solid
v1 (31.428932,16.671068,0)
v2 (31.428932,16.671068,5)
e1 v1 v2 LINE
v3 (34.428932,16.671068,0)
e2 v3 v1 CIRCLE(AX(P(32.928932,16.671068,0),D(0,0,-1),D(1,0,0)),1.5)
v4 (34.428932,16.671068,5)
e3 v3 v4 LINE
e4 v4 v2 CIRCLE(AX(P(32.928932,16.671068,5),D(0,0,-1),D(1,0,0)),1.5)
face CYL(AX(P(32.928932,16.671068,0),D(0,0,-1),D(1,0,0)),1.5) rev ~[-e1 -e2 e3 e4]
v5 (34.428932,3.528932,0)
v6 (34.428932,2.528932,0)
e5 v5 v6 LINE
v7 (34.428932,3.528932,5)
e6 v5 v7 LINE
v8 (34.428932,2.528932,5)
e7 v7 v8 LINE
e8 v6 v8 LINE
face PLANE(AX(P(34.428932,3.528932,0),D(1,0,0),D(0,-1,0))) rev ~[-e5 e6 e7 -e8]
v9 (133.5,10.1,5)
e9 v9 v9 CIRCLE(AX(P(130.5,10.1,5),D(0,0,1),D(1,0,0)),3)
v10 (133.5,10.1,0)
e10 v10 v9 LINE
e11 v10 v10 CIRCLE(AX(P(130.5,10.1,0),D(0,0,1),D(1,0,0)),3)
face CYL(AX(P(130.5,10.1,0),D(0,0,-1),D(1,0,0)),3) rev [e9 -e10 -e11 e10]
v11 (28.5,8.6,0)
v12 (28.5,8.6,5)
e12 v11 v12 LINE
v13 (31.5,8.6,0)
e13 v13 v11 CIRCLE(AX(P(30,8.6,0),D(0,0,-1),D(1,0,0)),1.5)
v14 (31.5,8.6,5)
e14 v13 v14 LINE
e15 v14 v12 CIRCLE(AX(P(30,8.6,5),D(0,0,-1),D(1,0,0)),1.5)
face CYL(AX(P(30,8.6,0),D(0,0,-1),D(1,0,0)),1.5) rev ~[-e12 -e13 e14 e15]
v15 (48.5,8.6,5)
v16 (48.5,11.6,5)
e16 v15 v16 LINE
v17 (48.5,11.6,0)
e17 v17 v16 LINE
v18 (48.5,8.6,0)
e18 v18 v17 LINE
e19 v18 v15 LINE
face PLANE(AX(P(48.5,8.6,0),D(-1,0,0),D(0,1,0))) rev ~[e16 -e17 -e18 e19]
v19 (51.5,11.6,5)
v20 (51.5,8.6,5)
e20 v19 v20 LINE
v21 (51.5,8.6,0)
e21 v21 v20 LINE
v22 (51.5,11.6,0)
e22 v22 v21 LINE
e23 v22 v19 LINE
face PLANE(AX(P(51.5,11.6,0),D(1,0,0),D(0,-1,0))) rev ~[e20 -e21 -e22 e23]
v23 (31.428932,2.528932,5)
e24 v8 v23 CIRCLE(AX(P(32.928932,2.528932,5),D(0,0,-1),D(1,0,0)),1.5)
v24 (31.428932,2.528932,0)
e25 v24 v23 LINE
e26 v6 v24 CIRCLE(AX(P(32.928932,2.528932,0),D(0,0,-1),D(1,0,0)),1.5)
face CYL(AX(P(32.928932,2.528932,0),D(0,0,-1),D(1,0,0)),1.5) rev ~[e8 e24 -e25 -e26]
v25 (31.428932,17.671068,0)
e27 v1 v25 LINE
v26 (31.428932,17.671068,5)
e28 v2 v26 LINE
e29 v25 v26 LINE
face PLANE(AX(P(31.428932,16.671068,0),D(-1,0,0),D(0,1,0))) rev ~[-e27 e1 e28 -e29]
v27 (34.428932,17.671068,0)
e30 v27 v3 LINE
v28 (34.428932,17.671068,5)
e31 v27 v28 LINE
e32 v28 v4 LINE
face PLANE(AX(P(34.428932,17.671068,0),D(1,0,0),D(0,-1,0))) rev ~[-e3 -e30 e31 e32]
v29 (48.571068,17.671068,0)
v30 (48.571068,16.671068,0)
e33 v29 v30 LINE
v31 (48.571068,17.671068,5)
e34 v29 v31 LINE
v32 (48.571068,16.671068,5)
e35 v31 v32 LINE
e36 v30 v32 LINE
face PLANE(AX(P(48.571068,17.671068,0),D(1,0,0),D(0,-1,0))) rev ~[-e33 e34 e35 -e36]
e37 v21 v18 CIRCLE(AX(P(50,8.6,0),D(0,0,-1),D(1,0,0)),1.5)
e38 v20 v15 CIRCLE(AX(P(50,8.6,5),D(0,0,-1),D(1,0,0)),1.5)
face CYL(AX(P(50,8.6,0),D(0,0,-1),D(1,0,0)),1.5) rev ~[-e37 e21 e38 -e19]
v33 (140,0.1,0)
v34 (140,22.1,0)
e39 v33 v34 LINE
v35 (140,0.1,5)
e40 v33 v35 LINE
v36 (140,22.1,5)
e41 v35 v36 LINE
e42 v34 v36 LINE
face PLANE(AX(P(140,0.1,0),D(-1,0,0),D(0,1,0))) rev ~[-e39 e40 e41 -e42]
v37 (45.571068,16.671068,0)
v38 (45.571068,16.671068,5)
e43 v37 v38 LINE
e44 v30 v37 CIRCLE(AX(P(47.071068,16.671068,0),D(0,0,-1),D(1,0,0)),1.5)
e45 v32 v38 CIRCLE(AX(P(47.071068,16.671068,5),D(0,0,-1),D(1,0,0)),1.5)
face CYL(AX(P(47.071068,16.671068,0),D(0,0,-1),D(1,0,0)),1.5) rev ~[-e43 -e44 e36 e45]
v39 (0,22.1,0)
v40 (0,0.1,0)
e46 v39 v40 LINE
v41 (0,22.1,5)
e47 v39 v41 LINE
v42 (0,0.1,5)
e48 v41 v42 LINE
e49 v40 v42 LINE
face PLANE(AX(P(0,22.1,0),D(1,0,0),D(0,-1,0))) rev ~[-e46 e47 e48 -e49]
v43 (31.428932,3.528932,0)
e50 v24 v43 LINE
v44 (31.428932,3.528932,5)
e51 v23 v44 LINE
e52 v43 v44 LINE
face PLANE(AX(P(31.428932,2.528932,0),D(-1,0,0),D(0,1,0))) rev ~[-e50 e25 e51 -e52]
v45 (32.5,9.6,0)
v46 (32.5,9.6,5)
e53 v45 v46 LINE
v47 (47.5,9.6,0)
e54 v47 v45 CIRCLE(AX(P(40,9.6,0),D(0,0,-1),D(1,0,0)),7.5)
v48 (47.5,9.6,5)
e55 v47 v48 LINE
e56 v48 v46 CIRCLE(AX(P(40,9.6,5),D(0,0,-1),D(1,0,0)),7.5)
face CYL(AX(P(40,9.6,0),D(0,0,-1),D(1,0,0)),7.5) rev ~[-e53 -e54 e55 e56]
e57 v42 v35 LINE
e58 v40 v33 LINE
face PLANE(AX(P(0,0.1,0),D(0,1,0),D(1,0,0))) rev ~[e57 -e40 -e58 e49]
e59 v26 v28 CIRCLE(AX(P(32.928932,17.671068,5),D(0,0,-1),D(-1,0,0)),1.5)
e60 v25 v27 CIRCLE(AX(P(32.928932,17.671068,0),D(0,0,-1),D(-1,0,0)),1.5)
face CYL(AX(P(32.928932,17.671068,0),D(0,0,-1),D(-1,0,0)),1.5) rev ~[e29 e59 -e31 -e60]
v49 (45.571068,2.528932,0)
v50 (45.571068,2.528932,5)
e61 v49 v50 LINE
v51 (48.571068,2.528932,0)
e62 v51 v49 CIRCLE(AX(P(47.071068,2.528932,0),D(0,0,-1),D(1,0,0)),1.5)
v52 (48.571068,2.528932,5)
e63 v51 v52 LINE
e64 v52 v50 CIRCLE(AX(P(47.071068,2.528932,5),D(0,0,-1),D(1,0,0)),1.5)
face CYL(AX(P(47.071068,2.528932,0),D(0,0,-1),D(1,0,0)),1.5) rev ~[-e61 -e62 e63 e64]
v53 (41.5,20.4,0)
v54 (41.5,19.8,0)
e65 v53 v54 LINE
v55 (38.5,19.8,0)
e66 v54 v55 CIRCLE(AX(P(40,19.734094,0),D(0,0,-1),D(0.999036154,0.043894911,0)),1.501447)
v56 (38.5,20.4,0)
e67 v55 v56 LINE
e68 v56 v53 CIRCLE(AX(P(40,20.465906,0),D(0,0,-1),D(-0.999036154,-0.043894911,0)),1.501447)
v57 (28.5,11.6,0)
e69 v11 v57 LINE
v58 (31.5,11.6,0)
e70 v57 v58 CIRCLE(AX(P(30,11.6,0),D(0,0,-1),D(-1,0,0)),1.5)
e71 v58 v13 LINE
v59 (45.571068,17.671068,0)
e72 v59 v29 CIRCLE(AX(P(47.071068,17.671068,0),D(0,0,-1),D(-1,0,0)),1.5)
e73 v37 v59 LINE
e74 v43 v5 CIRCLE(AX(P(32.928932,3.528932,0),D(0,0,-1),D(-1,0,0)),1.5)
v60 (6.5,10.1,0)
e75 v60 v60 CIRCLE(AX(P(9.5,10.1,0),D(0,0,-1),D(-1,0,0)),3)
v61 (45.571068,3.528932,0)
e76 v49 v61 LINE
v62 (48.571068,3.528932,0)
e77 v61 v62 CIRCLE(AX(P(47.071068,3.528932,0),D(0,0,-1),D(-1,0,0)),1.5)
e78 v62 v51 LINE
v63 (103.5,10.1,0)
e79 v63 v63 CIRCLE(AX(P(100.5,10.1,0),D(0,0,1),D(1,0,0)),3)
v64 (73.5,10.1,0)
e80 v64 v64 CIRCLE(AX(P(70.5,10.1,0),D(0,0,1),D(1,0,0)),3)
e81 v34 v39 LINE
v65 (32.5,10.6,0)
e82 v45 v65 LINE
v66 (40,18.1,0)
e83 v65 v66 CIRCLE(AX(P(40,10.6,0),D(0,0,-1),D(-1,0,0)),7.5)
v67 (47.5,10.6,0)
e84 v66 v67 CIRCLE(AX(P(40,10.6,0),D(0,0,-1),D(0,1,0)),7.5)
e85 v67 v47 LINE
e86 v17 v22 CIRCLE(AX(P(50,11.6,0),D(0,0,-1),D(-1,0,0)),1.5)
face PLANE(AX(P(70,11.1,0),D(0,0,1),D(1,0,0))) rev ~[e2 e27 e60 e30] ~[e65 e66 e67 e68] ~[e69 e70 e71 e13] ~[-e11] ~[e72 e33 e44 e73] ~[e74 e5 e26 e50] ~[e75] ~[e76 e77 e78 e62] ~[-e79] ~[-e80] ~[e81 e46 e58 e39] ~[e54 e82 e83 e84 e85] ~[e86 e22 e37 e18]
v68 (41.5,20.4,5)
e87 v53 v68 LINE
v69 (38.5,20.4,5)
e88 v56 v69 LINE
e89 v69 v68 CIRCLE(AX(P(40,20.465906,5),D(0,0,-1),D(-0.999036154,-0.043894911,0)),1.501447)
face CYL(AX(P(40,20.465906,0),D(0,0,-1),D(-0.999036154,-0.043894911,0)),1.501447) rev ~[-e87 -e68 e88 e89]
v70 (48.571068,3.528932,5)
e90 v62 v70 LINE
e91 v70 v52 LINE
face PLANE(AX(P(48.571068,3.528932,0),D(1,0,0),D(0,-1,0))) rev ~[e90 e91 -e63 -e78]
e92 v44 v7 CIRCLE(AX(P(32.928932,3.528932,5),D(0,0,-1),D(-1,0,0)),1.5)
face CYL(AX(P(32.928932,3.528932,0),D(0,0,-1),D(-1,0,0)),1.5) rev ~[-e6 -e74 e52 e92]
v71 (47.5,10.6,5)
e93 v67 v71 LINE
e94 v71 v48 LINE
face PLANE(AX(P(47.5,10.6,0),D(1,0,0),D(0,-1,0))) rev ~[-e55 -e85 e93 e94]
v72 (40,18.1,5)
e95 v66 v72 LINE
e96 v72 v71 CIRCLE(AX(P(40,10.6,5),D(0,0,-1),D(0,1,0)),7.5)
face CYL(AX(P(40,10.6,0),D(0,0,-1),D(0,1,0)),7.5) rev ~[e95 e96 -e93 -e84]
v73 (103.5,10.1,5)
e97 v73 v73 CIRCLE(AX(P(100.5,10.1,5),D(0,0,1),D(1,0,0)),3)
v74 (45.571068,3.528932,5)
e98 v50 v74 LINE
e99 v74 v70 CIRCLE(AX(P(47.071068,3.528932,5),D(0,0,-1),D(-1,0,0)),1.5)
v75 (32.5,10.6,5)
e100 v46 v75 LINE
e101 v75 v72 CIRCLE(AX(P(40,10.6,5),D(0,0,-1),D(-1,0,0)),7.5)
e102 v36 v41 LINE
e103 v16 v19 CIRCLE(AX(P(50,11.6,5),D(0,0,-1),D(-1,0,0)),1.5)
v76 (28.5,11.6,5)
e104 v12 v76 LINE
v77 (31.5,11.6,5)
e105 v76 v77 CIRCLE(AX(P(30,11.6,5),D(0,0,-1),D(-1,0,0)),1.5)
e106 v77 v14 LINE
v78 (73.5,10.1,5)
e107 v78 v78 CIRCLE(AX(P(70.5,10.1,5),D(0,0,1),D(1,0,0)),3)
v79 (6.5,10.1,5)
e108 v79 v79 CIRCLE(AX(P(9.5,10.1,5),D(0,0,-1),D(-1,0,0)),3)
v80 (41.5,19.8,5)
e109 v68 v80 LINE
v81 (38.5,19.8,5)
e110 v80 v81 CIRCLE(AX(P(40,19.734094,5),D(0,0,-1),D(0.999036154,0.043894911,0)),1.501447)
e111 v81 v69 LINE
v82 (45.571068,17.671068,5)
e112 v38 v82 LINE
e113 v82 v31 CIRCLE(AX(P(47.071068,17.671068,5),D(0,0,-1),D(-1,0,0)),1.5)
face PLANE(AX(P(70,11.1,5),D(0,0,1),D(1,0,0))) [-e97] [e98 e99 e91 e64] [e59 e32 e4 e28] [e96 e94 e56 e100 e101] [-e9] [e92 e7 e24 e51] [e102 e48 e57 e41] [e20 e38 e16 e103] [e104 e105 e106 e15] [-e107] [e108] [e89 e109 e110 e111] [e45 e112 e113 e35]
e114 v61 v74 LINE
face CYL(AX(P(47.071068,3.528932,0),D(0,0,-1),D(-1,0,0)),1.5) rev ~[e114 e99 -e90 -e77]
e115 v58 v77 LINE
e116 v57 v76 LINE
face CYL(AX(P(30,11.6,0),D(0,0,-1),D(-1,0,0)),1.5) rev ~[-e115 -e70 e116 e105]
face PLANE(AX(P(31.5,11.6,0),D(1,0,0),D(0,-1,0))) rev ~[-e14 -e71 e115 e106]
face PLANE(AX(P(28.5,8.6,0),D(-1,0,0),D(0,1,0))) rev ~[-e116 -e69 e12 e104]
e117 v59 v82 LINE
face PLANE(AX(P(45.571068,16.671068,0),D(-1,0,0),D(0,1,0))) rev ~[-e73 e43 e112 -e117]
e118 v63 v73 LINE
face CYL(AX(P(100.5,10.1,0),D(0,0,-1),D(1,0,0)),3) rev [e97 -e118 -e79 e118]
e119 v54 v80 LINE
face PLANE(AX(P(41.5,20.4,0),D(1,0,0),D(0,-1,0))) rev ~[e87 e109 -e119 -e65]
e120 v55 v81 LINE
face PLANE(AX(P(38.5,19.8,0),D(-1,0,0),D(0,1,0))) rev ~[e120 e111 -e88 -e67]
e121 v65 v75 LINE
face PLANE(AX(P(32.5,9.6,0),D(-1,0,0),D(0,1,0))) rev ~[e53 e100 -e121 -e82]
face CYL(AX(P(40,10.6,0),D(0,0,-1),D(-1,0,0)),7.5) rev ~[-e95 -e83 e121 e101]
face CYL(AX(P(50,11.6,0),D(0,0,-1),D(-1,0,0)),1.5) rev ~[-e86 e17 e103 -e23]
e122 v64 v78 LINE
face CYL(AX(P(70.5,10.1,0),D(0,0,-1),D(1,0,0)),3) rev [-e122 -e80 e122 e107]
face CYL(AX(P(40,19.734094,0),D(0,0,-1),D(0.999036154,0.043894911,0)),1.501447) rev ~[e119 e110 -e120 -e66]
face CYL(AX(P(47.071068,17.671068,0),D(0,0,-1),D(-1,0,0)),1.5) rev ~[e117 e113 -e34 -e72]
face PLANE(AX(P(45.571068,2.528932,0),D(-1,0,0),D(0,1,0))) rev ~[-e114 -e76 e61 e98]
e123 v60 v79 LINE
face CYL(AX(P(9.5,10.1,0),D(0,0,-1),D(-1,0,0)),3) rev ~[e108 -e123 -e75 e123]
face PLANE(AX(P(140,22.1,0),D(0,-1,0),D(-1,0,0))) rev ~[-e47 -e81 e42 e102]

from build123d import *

# Parameters (mm, degrees)
SKETCH_1_R      = 3
EXTRUDE_1_DEPTH = 5


with BuildPart() as part:
    # 스케치1 → 보스-돌출1 (new body)
    with BuildSketch(Plane.XY):
        Polygon((0, 22.1), (0, 10.1), (0, 0.1), (140, 0.1), (140, 10.1), (140, 22.1), align=None)
        with BuildLine():
            Line((31.428932188, 2.528932188), (31.428932188, 3.028932188))
            Line((31.428932188, 3.028932188), (31.428932188, 3.528932188))
            ThreePointArc((31.428932188, 3.528932188), (32.928932188, 5.028932188), (34.428932188, 3.528932188))
            Line((34.428932188, 3.528932188), (34.428932188, 3.028932188))
            Line((34.428932188, 3.028932188), (34.428932188, 2.528932188))
            ThreePointArc((34.428932188, 2.528932188), (32.928932188, 1.028932188), (31.428932188, 2.528932188))
        make_face(mode=Mode.SUBTRACT)
        with BuildLine():
            Line((48.571067812, 3.528932188), (48.571067812, 3.028932188))
            Line((48.571067812, 3.028932188), (48.571067812, 2.528932188))
            ThreePointArc((48.571067812, 2.528932188), (47.071067812, 1.028932188), (45.571067812, 2.528932188))
            Line((45.571067812, 2.528932188), (45.571067812, 3.028932188))
            Line((45.571067812, 3.028932188), (45.571067812, 3.528932188))
            ThreePointArc((45.571067812, 3.528932188), (47.071067812, 5.028932188), (48.571067812, 3.528932188))
        make_face(mode=Mode.SUBTRACT)
        with BuildLine():
            ThreePointArc((12.5, 10.1), (9.5, 7.1), (6.5, 10.1))
            ThreePointArc((6.5, 10.1), (9.5, 13.1), (12.5, 10.1))
        make_face(mode=Mode.SUBTRACT)
        with BuildLine():
            Line((28.5, 8.6), (28.5, 10.1))
            Line((28.5, 10.1), (28.5, 11.6))
            ThreePointArc((28.5, 11.6), (30, 13.1), (31.5, 11.6))
            Line((31.5, 11.6), (31.5, 10.1))
            Line((31.5, 10.1), (31.5, 8.6))
            ThreePointArc((31.5, 8.6), (30, 7.1), (28.5, 8.6))
        make_face(mode=Mode.SUBTRACT)
        with BuildLine():
            Line((32.5, 9.6), (32.5, 10.1))
            Line((32.5, 10.1), (32.5, 10.6))
            ThreePointArc((32.5, 10.6), (34.696699141, 15.903300859), (40, 18.1))
            ThreePointArc((40, 18.1), (45.303300859, 15.903300859), (47.5, 10.6))
            Line((47.5, 10.6), (47.5, 10.1))
            Line((47.5, 10.1), (47.5, 9.6))
            ThreePointArc((47.5, 9.6), (40, 2.1), (32.5, 9.6))
        make_face(mode=Mode.SUBTRACT)
        with BuildLine():
            Line((51.5, 11.6), (51.5, 10.1))
            Line((51.5, 10.1), (51.5, 8.6))
            ThreePointArc((51.5, 8.6), (50, 7.1), (48.5, 8.6))
            Line((48.5, 8.6), (48.5, 10.1))
            Line((48.5, 10.1), (48.5, 11.6))
            ThreePointArc((48.5, 11.6), (50, 13.1), (51.5, 11.6))
        make_face(mode=Mode.SUBTRACT)
        with Locations((70.5, 10.1)):
            Circle(SKETCH_1_R, mode=Mode.SUBTRACT)
        with Locations((100.5, 10.1)):
            Circle(SKETCH_1_R, mode=Mode.SUBTRACT)
        with Locations((130.5, 10.1)):
            Circle(SKETCH_1_R, mode=Mode.SUBTRACT)
        with BuildLine():
            Line((31.428932188, 16.671067812), (31.428932188, 17.171067812))
            Line((31.428932188, 17.171067812), (31.428932188, 17.671067812))
            ThreePointArc((31.428932188, 17.671067812), (32.928932188, 19.171067812), (34.428932188, 17.671067812))
            Line((34.428932188, 17.671067812), (34.428932188, 17.171067812))
            Line((34.428932188, 17.171067812), (34.428932188, 16.671067812))
            ThreePointArc((34.428932188, 16.671067812), (32.928932188, 15.171067812), (31.428932188, 16.671067812))
        make_face(mode=Mode.SUBTRACT)
        with BuildLine():
            Line((45.571067812, 16.671067812), (45.571067812, 17.171067812))
            Line((45.571067812, 17.171067812), (45.571067812, 17.671067812))
            ThreePointArc((45.571067812, 17.671067812), (47.071067812, 19.171067812), (48.571067812, 17.671067812))
            Line((48.571067812, 17.671067812), (48.571067812, 17.171067812))
            Line((48.571067812, 17.171067812), (48.571067812, 16.671067812))
            ThreePointArc((48.571067812, 16.671067812), (47.071067812, 15.171067812), (45.571067812, 16.671067812))
        make_face(mode=Mode.SUBTRACT)
        with BuildLine():
            Line((38.5, 19.8), (38.5, 20.1))
            Line((38.5, 20.1), (38.5, 20.4))
            ThreePointArc((38.5, 20.4), (40, 21.967353054), (41.5, 20.4))
            Line((41.5, 20.4), (41.5, 20.1))
            Line((41.5, 20.1), (41.5, 19.8))
            ThreePointArc((41.5, 19.8), (40, 18.232646946), (38.5, 19.8))
        make_face(mode=Mode.SUBTRACT)
    extrude(amount=EXTRUDE_1_DEPTH)


solid = part.part
